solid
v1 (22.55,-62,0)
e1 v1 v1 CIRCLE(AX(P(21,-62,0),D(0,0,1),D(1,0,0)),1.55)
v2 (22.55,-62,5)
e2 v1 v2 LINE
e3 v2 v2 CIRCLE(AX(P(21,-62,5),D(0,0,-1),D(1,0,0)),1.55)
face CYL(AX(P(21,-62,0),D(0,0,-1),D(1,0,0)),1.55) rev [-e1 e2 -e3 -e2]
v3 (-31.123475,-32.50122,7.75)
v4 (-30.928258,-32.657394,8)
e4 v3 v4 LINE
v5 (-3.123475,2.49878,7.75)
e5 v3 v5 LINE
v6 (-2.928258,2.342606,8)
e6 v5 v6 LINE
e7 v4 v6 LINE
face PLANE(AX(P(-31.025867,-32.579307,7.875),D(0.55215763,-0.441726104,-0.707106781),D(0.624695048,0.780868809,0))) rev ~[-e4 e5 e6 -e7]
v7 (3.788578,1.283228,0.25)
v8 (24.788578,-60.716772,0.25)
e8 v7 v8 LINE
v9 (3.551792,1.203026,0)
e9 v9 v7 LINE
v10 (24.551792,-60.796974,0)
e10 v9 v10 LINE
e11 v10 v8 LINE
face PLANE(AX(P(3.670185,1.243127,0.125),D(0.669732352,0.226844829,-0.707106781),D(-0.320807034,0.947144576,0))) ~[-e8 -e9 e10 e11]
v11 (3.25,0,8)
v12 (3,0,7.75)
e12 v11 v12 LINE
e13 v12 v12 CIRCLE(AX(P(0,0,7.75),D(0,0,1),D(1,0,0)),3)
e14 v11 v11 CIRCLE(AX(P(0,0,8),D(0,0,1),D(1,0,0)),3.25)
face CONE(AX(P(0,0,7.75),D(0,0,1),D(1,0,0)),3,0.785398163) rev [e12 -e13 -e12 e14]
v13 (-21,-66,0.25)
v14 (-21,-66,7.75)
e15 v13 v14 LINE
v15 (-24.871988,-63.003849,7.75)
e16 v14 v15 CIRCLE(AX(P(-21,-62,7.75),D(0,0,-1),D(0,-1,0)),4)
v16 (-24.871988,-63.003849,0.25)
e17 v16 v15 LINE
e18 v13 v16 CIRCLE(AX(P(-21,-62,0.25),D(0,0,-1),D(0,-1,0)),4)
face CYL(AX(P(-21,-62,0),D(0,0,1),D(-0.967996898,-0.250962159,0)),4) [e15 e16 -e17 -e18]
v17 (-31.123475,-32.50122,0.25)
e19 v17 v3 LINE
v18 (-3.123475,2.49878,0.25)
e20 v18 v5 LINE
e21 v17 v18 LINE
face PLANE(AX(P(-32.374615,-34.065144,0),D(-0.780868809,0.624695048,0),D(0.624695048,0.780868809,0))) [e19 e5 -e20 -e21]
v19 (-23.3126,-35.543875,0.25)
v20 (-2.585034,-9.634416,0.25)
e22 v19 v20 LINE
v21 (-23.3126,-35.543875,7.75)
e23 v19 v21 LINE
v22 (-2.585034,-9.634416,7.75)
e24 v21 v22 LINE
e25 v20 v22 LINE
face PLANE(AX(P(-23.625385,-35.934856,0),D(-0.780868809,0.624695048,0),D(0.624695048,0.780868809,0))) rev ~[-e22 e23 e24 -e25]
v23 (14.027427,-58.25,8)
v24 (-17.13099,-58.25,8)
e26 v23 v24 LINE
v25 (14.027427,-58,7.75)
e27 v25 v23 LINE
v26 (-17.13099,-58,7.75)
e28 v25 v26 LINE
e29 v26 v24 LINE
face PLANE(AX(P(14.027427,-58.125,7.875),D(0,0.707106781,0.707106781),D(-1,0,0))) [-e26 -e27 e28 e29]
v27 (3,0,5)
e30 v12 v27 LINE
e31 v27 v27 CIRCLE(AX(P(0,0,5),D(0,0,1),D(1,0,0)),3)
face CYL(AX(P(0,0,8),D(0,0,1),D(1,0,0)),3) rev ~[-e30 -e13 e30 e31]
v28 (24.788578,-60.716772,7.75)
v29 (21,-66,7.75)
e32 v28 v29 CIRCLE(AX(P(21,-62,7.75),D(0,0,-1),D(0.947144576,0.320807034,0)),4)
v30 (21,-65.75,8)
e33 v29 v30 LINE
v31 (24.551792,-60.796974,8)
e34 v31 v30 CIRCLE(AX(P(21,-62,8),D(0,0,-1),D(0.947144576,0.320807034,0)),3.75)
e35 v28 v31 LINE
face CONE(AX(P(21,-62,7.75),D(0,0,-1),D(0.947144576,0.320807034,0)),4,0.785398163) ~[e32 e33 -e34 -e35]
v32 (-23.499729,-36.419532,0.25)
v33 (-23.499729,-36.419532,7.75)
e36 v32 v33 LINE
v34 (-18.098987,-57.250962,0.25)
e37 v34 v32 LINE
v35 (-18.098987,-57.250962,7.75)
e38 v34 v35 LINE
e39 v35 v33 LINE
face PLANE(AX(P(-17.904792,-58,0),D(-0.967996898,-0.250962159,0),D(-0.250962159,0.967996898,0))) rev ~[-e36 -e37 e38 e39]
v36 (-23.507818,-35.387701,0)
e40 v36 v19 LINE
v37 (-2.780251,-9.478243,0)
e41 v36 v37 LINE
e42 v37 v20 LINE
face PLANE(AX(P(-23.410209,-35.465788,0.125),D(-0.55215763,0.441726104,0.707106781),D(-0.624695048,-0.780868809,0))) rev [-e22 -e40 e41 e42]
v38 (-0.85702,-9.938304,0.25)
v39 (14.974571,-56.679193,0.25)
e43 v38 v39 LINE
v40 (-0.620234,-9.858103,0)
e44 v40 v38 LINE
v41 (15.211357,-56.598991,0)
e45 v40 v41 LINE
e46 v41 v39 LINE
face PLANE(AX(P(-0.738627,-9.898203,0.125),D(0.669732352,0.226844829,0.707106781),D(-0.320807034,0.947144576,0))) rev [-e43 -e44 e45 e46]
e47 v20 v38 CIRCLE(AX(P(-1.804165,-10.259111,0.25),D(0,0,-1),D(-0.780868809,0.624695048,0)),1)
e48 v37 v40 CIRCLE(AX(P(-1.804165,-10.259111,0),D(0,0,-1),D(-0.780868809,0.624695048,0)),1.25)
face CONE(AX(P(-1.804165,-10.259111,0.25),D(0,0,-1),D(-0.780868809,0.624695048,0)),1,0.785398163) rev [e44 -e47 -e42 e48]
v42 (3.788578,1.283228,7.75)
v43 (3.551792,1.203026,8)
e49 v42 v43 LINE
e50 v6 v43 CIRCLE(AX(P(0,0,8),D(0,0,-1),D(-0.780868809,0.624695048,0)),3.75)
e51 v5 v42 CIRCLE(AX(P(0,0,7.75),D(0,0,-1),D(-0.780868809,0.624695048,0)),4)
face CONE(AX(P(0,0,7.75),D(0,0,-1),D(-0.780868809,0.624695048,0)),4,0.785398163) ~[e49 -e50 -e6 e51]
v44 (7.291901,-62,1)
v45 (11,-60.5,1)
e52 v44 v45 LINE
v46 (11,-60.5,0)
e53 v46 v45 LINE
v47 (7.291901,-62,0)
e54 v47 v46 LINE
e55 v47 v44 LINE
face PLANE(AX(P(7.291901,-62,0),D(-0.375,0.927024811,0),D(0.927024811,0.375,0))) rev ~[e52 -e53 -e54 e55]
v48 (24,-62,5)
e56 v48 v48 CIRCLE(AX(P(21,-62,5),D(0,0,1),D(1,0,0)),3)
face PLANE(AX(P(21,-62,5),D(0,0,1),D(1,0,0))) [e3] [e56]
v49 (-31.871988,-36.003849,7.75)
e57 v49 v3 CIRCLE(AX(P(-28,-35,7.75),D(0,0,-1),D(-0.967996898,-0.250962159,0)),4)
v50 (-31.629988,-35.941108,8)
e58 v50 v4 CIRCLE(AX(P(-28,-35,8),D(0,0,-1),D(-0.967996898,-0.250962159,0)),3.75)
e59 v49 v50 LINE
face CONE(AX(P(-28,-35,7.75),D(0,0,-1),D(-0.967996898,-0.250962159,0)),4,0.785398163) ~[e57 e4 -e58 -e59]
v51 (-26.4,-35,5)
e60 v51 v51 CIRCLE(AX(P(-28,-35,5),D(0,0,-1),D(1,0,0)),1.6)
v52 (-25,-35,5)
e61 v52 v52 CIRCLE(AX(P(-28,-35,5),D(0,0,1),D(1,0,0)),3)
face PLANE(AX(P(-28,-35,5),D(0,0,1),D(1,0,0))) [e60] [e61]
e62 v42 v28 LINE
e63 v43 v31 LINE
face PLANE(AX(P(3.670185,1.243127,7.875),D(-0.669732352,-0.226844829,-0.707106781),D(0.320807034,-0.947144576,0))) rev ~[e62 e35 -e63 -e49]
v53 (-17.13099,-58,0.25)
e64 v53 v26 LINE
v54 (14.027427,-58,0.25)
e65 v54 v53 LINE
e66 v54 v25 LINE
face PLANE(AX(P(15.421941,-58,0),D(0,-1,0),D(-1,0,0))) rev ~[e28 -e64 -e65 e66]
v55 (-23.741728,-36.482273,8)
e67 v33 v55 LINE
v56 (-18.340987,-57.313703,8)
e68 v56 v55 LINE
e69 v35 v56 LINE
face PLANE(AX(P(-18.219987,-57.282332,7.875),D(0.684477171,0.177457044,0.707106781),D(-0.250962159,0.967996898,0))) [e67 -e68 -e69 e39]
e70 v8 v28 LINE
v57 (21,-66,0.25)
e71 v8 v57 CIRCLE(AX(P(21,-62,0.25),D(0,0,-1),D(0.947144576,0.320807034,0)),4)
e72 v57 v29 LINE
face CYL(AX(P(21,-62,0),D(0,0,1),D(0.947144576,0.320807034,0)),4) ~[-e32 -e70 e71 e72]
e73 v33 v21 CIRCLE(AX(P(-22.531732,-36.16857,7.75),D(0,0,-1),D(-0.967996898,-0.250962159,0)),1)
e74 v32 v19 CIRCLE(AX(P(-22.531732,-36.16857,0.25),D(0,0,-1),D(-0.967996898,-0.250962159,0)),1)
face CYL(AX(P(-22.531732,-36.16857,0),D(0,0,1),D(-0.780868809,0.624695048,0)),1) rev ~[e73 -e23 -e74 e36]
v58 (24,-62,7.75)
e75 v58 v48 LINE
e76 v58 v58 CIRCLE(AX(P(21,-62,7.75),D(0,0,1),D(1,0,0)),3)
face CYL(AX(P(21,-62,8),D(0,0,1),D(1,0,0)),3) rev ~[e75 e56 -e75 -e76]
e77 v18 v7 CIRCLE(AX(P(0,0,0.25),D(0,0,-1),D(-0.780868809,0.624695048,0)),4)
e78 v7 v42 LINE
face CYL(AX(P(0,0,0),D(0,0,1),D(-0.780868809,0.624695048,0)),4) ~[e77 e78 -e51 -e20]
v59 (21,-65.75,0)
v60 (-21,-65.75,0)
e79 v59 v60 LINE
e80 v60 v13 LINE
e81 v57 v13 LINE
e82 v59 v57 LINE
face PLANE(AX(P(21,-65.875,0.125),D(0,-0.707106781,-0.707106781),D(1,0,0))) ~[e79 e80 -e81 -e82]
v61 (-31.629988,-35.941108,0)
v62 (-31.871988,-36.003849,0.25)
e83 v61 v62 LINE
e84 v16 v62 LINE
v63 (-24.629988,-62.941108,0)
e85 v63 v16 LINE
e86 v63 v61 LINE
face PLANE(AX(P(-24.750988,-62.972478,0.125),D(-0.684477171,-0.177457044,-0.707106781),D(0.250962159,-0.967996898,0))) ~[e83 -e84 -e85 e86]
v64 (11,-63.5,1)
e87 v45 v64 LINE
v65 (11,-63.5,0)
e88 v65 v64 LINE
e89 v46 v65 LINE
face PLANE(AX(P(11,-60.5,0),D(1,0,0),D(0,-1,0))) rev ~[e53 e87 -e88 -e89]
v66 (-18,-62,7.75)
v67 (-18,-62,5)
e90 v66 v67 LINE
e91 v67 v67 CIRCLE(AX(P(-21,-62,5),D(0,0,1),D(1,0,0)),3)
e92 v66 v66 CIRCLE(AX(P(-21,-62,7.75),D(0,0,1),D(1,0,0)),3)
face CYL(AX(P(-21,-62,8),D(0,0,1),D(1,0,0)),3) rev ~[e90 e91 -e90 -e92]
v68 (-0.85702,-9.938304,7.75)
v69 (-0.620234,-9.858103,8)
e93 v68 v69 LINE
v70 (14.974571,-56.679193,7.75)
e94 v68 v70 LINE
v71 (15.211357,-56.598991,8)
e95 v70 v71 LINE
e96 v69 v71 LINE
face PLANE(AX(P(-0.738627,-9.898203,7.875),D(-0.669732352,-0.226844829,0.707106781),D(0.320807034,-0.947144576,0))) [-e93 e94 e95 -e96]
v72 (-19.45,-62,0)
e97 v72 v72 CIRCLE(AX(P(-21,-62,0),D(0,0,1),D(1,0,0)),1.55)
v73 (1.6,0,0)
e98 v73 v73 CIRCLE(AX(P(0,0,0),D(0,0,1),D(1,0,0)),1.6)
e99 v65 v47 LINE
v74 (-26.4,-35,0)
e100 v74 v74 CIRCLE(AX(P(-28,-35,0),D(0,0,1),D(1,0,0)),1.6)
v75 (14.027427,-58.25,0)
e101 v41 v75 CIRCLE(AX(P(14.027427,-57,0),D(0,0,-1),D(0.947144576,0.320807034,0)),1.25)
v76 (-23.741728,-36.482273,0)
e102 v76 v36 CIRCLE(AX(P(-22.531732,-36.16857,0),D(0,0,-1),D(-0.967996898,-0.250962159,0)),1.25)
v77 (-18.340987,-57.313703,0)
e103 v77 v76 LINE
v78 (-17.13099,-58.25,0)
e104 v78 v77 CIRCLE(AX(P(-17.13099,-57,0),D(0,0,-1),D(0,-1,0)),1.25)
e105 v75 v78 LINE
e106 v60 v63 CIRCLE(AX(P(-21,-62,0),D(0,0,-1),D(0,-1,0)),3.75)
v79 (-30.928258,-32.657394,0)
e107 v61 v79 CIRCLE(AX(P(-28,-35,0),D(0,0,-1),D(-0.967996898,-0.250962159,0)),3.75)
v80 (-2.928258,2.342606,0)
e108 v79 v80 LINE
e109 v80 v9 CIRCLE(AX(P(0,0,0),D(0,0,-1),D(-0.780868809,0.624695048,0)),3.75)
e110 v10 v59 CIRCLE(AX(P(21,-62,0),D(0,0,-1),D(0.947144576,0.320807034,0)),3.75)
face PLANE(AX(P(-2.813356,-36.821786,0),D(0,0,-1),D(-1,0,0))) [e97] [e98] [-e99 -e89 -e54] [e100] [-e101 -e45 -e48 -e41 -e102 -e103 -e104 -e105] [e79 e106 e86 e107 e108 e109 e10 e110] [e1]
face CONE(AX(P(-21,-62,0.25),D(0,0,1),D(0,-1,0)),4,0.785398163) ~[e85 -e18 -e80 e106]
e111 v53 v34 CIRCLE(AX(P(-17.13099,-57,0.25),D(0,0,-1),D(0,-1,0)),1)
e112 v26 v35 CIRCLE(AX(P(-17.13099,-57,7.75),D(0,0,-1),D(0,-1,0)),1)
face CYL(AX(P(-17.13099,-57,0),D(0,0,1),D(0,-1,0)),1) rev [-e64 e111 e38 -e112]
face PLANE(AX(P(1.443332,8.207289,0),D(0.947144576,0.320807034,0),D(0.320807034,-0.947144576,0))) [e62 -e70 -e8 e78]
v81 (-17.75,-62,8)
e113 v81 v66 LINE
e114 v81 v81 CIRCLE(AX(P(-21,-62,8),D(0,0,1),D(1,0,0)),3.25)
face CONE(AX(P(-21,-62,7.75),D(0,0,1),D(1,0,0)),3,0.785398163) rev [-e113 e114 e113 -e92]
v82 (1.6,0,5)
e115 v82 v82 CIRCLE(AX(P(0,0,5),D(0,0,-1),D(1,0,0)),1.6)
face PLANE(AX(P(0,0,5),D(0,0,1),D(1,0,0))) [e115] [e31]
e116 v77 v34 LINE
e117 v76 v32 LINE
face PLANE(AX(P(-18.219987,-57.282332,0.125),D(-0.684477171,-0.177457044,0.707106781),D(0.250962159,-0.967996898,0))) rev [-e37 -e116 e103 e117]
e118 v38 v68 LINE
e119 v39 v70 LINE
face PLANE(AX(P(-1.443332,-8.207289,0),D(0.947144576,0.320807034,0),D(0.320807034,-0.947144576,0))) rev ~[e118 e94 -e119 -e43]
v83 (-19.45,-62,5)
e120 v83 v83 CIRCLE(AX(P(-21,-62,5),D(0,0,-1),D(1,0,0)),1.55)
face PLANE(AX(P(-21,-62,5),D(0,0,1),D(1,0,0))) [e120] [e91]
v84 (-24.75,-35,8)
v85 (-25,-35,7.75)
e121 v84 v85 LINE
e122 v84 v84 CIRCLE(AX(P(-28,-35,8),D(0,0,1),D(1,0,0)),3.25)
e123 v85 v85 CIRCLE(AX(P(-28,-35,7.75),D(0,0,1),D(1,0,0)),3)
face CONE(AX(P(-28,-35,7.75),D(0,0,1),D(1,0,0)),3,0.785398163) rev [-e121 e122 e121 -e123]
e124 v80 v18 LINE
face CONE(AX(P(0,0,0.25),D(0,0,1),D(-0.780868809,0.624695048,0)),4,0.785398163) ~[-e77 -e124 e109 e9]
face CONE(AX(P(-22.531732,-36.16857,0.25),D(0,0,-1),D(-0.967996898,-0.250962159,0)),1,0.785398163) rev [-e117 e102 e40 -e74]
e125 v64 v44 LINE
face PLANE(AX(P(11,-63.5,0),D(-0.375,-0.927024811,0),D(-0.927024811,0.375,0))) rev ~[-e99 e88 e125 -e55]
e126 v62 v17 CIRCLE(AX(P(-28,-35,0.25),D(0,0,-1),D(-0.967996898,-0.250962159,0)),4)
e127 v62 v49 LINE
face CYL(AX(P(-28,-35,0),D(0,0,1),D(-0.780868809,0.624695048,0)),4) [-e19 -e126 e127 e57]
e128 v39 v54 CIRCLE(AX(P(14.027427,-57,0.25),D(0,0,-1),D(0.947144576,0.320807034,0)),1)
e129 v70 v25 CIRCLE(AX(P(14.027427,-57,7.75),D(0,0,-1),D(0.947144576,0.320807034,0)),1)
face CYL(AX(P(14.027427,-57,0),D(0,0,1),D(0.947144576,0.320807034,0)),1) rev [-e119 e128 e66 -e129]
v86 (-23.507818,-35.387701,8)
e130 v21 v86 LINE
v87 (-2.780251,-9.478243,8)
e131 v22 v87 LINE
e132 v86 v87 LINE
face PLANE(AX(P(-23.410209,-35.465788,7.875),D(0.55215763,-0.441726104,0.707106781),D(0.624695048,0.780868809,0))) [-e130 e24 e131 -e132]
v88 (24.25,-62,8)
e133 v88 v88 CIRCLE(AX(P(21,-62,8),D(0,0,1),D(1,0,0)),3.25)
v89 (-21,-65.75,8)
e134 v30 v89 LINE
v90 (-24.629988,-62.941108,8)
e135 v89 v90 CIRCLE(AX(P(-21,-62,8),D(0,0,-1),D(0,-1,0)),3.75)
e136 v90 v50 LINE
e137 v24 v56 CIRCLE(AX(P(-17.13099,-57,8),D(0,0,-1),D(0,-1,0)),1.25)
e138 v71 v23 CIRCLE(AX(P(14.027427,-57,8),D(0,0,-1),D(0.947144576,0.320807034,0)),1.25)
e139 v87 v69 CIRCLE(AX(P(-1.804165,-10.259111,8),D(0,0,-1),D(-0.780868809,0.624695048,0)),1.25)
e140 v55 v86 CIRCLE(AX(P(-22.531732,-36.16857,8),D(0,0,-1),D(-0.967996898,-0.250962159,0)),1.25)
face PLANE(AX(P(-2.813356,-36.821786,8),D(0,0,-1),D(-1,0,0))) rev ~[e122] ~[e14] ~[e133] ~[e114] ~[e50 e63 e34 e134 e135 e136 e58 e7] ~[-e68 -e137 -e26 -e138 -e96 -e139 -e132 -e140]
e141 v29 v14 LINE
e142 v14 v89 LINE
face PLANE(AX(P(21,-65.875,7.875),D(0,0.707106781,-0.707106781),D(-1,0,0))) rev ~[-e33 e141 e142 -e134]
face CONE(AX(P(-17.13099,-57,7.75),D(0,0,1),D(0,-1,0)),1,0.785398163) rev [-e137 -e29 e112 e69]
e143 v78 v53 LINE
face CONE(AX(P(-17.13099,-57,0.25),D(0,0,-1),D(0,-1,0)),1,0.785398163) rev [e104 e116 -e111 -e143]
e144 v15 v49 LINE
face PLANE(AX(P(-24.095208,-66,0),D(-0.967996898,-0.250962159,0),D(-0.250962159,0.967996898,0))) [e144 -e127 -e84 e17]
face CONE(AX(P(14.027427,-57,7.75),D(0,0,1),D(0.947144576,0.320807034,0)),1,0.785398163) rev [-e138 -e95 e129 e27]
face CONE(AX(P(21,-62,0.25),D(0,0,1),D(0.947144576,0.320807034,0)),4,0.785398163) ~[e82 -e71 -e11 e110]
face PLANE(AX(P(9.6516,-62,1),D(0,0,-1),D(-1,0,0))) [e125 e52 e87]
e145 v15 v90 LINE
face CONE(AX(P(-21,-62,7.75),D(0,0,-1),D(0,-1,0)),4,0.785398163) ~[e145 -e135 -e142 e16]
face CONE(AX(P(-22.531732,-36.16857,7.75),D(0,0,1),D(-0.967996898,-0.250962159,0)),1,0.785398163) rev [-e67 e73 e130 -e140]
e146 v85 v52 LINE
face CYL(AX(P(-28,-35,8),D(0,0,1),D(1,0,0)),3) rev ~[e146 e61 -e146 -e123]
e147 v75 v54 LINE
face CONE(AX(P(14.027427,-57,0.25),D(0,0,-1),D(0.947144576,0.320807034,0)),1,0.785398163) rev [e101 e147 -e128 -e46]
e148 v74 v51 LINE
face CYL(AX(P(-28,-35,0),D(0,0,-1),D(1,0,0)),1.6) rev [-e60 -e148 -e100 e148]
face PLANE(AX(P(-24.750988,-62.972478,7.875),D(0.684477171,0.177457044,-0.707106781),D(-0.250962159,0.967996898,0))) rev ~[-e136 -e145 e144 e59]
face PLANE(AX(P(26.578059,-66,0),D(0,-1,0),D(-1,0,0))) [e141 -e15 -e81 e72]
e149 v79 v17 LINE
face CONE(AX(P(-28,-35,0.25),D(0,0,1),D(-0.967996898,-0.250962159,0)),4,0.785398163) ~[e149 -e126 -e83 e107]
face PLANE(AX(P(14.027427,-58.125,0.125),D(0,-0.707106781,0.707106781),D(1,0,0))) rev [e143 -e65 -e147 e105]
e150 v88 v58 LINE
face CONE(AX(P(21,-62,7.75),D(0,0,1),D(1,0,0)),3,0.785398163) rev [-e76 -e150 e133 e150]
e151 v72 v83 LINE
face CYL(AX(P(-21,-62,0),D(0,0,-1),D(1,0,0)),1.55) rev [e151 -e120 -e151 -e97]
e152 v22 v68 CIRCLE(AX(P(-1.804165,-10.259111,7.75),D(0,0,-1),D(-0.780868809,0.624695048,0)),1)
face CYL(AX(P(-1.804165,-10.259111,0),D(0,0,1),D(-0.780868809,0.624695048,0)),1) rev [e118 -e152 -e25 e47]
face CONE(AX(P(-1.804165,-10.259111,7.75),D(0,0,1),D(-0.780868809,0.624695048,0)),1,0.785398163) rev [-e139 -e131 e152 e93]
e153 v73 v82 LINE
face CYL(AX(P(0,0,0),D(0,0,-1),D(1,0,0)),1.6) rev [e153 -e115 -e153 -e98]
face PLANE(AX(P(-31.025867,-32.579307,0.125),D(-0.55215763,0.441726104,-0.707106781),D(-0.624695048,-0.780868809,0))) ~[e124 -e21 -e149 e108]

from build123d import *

# Parameters (mm, degrees)
SZKIC1_R                    = 1.55
SZKIC1_R_2                  = 1.6
DODANIE_WYCI_GNI_CIE1_DEPTH = 8
ZAOKR_GLENIE1_R             = 4
SZKIC2_R                    = 3
WYTNIJ_WYCI_GNI_CIE1_DEPTH  = 3
ZAOKR_GLENIE2_R             = 1
SFAZOWANIE1_SIZE            = 0.25
WYTNIJ_WYCI_GNI_CIE2_DEPTH  = 1


with BuildPart() as part:
    # Szkic1 → Dodanie-wyciągnięcie1 (new body)
    with BuildSketch(Plane.XY):
        Polygon((-32.374614688, -34.065144123), (1.443331859, 8.207289062), (26.5780588, -66), (-24.095207609, -66), align=None)
        with Locations((-21, -62)):
            Circle(SZKIC1_R, mode=Mode.SUBTRACT)
        with Locations((21, -62)):
            Circle(SZKIC1_R, mode=Mode.SUBTRACT)
        Circle(SZKIC1_R_2, mode=Mode.SUBTRACT)
        with Locations((-28, -35)):
            Circle(SZKIC1_R_2, mode=Mode.SUBTRACT)
        Polygon((-23.625385312, -35.934855877), (-1.443331859, -8.207289062), (15.4219412, -58), (-17.904792391, -58), align=None, mode=Mode.SUBTRACT)
    extrude(amount=DODANIE_WYCI_GNI_CIE1_DEPTH)

    # Zaokrąglenie1
    zaokr_glenie1_edges = [part.edges().sort_by_distance(p)[0] for p in [
        (-32.374614688, -34.065144123, 4),
        (1.443331859, 8.207289062, 4),
        (26.5780588, -66, 4),
        (-24.095207609, -66, 4),
    ]]
    fillet(zaokr_glenie1_edges, radius=ZAOKR_GLENIE1_R)

    # Szkic2 → Wytnij-wyciągnięcie1 (cut)
    with BuildSketch(Plane.XY.offset(8)):
        Circle(SZKIC2_R)
        with Locations((-28, -35)):
            Circle(SZKIC2_R)
        with Locations((-21, -62)):
            Circle(SZKIC2_R)
        with Locations((21, -62)):
            Circle(SZKIC2_R)
    extrude(amount=-WYTNIJ_WYCI_GNI_CIE1_DEPTH, mode=Mode.SUBTRACT)

    # Zaokrąglenie2
    zaokr_glenie2_edges = [part.edges().sort_by_distance(p)[0] for p in [
        (-23.625385312, -35.934855877, 4),
        (-17.904792391, -58, 4),
        (15.4219412, -58, 4),
        (-1.443331859, -8.207289062, 4),
    ]]
    fillet(zaokr_glenie2_edges, radius=ZAOKR_GLENIE2_R)

    # Sfazowanie1
    sfazowanie1_edges = [part.edges().sort_by_distance(p)[0] for p in [
        (7.058775414, -33.30874863, 0),
        (7.058775414, -33.30874863, 8),
        (-20.799357962, -46.835247082, 0),
        (-20.799357962, -46.835247082, 8),
        (-12.948817041, -22.589145539, 0),
        (-12.948817041, -22.589145539, 8),
        (14.84007865, -57.582749074, 0),
        (14.84007865, -57.582749074, 8),
        (-17.742969998, -57.790873618, 0),
        (-17.742969998, -57.790873618, 8),
        (-23.509651218, -35.959588272, 0),
        (-23.509651218, -35.959588272, 8),
        (-1.630962951, -9.274224983, 0),
        (-1.630962951, -9.274224983, 8),
        (0, -66, 0),
        (0, -66, 8),
        (-28.371987593, -49.503848635, 0),
        (-17.123475238, -15.00121981, 0),
        (14.288578303, -29.716771865, 0),
        (0.692807492, 3.939545377, 0),
        (24.2506086, -64.330996296, 0),
        (-31.911678313, -34.164073702, 0),
        (-23.44791804, -65.163494471, 0),
        (-28.371987593, -49.503848635, 8),
        (14.288578303, -29.716771865, 8),
        (-17.123475238, -15.00121981, 8),
        (0.692807492, 3.939545377, 8),
        (24.2506086, -64.330996296, 8),
        (-31.911678313, -34.164073702, 8),
        (-23.44791804, -65.163494471, 8),
        (-3, 0, 8),
        (-31, -35, 8),
        (-24, -62, 8),
        (18, -62, 8),
        (-1.551781994, -58, 0),
        (-1.551781994, -58, 8),
    ]]
    chamfer(sfazowanie1_edges, length=SFAZOWANIE1_SIZE)

    # Szkic3 → Wytnij-wyciągnięcie2 (cut)
    with BuildSketch(Plane(origin=(0, 0, 0), x_dir=(-1, 0, 0), z_dir=(0, 0, -1))):
        Polygon((-11, -60.5), (-11, -63.5), (-7.291900756, -62), align=None)
    extrude(amount=-WYTNIJ_WYCI_GNI_CIE2_DEPTH, mode=Mode.SUBTRACT)


solid = part.part
